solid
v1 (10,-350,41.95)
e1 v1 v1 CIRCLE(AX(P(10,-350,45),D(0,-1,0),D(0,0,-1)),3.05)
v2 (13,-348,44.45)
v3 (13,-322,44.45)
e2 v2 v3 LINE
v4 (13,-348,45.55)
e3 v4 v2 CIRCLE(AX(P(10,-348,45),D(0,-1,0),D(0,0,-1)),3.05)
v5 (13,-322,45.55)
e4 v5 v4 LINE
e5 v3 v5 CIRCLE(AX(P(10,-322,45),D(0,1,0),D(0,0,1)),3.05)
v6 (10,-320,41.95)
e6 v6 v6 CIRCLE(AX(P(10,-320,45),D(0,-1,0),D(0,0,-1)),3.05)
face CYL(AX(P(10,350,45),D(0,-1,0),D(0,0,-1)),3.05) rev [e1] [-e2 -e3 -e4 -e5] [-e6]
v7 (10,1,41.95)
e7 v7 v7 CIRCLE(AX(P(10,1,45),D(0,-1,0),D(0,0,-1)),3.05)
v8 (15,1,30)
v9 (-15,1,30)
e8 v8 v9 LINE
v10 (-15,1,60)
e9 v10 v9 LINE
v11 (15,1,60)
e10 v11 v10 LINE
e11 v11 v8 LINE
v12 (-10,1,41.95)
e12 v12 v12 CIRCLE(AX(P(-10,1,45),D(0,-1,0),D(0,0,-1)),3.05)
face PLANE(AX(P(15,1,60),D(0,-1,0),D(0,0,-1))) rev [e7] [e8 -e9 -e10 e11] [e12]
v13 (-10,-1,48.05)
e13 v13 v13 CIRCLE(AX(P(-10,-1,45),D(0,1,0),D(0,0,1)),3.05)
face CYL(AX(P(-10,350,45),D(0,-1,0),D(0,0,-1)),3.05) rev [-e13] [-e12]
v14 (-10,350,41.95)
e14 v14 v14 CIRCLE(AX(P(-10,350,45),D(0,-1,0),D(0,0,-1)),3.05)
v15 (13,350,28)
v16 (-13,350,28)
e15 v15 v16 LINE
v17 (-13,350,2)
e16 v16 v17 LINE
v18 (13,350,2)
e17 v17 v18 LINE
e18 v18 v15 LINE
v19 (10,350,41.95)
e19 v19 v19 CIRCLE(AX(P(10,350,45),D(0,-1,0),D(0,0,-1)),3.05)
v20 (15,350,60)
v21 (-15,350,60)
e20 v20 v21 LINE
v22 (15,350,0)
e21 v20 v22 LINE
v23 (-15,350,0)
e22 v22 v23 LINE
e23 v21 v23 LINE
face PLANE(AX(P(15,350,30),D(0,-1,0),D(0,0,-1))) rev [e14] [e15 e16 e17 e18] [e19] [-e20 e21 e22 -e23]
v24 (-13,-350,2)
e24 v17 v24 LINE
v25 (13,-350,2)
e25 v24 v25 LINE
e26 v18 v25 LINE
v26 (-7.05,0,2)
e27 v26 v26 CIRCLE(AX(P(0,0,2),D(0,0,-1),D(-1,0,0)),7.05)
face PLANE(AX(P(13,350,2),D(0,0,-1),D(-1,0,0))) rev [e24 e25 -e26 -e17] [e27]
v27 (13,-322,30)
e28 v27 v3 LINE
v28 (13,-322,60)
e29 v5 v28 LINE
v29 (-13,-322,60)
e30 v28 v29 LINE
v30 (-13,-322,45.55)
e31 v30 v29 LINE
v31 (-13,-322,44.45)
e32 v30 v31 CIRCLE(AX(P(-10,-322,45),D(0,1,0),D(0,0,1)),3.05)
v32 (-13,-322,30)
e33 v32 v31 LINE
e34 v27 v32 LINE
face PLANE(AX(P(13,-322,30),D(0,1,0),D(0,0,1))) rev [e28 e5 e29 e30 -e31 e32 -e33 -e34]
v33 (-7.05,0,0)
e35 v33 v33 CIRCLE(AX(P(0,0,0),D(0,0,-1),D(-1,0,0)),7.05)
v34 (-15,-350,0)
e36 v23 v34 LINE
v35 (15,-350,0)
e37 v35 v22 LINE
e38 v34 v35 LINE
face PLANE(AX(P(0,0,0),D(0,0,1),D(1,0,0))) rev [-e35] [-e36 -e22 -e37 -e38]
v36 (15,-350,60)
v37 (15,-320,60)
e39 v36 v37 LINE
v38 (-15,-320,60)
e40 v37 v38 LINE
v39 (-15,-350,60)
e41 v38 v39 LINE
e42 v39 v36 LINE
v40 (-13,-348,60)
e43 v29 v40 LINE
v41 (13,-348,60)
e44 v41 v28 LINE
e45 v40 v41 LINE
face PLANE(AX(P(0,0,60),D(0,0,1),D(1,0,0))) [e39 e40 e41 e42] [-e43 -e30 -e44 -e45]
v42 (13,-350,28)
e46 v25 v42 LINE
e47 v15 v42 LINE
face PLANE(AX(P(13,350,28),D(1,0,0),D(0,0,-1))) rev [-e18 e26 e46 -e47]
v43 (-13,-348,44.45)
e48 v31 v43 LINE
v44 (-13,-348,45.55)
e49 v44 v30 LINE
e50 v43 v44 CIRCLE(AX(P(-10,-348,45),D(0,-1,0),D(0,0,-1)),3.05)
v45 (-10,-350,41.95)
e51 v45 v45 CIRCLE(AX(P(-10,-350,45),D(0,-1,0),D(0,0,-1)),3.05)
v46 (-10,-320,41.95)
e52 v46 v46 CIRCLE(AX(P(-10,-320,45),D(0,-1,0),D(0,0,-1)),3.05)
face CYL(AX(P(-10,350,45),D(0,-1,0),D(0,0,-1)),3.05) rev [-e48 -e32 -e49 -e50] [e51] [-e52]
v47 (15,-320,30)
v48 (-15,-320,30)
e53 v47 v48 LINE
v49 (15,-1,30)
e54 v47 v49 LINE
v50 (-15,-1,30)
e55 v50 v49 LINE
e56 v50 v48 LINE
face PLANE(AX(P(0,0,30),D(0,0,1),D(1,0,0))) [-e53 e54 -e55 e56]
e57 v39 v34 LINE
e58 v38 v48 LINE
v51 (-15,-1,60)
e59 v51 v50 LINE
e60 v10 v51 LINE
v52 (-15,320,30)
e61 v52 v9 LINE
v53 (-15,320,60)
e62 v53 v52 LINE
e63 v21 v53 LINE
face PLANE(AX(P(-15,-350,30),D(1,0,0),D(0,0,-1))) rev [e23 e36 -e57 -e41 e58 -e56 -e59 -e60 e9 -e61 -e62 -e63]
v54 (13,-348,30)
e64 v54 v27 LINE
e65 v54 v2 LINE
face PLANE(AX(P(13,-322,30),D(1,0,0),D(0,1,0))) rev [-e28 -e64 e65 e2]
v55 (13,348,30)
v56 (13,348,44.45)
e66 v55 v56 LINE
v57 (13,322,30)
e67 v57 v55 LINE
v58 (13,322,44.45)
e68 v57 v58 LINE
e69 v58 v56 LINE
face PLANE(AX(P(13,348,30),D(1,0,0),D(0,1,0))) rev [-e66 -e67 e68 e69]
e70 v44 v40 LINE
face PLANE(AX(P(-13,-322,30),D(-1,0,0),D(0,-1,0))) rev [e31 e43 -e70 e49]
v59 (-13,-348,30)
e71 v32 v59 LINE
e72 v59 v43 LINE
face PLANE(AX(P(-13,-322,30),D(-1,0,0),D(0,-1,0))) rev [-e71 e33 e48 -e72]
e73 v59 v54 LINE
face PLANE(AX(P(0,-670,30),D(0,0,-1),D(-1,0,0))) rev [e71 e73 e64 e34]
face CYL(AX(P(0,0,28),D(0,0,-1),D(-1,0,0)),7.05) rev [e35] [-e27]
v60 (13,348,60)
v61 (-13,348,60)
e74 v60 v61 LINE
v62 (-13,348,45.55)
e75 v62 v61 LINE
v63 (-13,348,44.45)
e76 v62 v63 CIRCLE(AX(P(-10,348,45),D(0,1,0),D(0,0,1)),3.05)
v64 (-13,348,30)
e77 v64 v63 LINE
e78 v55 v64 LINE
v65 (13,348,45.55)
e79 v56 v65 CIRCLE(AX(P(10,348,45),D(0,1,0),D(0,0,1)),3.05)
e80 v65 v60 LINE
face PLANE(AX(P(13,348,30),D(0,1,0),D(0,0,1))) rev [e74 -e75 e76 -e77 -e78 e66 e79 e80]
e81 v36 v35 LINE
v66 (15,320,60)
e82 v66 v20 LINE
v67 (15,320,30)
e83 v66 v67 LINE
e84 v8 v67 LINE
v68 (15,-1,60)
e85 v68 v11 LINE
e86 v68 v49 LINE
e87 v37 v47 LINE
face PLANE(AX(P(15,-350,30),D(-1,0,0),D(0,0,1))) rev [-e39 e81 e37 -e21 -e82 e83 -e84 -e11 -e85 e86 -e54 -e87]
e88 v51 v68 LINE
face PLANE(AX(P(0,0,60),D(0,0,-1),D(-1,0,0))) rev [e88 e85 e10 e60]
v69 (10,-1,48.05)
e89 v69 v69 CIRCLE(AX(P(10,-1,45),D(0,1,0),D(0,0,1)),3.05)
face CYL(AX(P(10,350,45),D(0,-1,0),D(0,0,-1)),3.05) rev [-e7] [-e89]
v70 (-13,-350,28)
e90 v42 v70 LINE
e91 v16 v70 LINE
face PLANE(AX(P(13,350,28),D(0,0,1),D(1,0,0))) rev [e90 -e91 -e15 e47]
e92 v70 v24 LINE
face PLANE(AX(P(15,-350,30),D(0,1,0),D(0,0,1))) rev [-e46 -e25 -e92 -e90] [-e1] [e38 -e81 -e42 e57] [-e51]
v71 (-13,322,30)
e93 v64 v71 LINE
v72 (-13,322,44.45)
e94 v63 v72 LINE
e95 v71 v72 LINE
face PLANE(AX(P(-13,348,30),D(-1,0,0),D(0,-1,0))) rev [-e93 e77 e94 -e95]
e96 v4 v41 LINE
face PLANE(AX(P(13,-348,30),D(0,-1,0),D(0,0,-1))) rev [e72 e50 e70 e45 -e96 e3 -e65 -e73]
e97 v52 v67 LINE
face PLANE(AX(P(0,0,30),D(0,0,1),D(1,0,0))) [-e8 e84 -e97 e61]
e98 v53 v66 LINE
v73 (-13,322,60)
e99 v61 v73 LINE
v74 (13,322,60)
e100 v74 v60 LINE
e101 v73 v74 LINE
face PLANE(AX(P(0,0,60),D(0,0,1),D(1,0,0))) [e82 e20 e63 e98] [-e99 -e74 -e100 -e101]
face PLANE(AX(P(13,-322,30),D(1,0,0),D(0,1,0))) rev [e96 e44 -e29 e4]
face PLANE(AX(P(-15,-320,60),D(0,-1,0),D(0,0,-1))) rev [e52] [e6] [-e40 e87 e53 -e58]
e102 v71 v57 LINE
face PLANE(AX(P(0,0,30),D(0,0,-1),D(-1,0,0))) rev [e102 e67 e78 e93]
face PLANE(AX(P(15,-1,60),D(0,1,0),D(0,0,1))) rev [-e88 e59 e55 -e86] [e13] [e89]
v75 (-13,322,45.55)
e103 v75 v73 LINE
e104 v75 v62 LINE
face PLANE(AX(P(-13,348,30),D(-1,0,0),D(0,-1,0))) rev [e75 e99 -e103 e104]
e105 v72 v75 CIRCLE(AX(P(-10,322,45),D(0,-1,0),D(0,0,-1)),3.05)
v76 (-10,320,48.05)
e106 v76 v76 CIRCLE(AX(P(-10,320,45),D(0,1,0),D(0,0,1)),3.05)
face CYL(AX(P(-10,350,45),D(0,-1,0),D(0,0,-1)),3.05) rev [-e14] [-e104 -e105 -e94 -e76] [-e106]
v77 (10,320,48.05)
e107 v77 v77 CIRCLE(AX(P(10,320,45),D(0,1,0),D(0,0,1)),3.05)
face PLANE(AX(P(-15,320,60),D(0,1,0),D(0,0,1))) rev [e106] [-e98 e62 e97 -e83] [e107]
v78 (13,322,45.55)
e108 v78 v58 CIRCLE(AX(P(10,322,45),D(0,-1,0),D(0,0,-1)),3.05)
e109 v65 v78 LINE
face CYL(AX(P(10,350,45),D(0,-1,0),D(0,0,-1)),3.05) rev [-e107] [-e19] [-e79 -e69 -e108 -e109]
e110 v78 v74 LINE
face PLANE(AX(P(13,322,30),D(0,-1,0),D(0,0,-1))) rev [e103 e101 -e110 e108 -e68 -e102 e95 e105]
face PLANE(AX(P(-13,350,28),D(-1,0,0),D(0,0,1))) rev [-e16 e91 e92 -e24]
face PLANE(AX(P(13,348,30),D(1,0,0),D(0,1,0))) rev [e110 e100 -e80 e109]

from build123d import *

# Parameters (mm, degrees)
ESQUISSE1_W                = 30
ESQUISSE1_H                = 700
BOSS_EXTRU_1_DEPTH         = 30
ESQUISSE2_W                = 30
ESQUISSE2_H                = 30
ESQUISSE2_H_2              = 2
BOSS_EXTRU_2_DEPTH         = 30
ESQUISSE3_W                = 26
ESQUISSE3_H                = 26
ENL_V_MAT_EXTRU_1_DEPTH    = 30
R_P_TITION_LIN_AIRE2_COUNT = 3
R_P_TITION_LIN_AIRE2_PITCH = 670
ESQUISSE4_W                = 26
ESQUISSE4_H                = 26
ENL_V_MAT_EXTRU_2_DEPTH    = 703.726831706
ESQUISSE5_R                = 3.05
ENL_V_MAT_EXTRU_3_DEPTH    = 703.726831706
ESQUISSE7_R                = 7.05
ENL_V_MAT_EXTRU_4_DEPTH    = 28


with BuildPart() as part:
    # Esquisse1 → Boss.-Extru.1 (new body)
    with BuildSketch(Plane.XY):
        Rectangle(ESQUISSE1_W, ESQUISSE1_H)
    extrude(amount=BOSS_EXTRU_1_DEPTH)

    # Esquisse2 → Boss.-Extru.2 (add)
    with BuildSketch(Plane.XY.offset(30)):
        with Locations((0, 335)):
            Rectangle(ESQUISSE2_W, ESQUISSE2_H)
        with Locations((0, -335)):
            Rectangle(ESQUISSE2_W, ESQUISSE2_H)
        Rectangle(ESQUISSE2_W, ESQUISSE2_H_2)
    extrude(amount=BOSS_EXTRU_2_DEPTH)

    # Esquisse3 → Enlèv. mat.-Extru.1 (cut)
    with BuildSketch(Plane.XY.offset(60)):
        with Locations((0, 335)):
            Rectangle(ESQUISSE3_W, ESQUISSE3_H)
    enl_v_mat_extru_1 = extrude(amount=-ENL_V_MAT_EXTRU_1_DEPTH, mode=Mode.SUBTRACT)

    # Répétition linéaire2: Enlèv. mat.-Extru.1 ×3
    with Locations(*[(0, -i * R_P_TITION_LIN_AIRE2_PITCH, 0) for i in range(1, R_P_TITION_LIN_AIRE2_COUNT)]):
        add(enl_v_mat_extru_1, mode=Mode.SUBTRACT)

    # Esquisse4 → Enlèv. mat.-Extru.2 (cut, through all)
    with BuildSketch(Plane(origin=(0, -350, 0), x_dir=(-1, 0, 0), z_dir=(0, -1, 0))):
        with Locations((0, -15)):
            Rectangle(ESQUISSE4_W, ESQUISSE4_H)
    extrude(amount=-ENL_V_MAT_EXTRU_2_DEPTH, mode=Mode.SUBTRACT)

    # Esquisse5 → Enlèv. mat.-Extru.3 (cut, through all)
    with BuildSketch(Plane(origin=(0, -350, 0), x_dir=(-1, 0, 0), z_dir=(0, -1, 0))):
        with Locations(Location((10, -45, 0), (0, 0, 90))):
            Circle(ESQUISSE5_R)
        with Locations(Location((-10, -45, 0), (0, 0, 90))):
            Circle(ESQUISSE5_R)
    extrude(amount=-ENL_V_MAT_EXTRU_3_DEPTH, mode=Mode.SUBTRACT)

    # Esquisse7 → Enlèv. mat.-Extru.4 (cut)
    with BuildSketch(Plane(origin=(0, 0, 0), x_dir=(-1, 0, 0), z_dir=(0, 0, -1))):
        Circle(ESQUISSE7_R)
    extrude(amount=-ENL_V_MAT_EXTRU_4_DEPTH, mode=Mode.SUBTRACT)


solid = part.part
